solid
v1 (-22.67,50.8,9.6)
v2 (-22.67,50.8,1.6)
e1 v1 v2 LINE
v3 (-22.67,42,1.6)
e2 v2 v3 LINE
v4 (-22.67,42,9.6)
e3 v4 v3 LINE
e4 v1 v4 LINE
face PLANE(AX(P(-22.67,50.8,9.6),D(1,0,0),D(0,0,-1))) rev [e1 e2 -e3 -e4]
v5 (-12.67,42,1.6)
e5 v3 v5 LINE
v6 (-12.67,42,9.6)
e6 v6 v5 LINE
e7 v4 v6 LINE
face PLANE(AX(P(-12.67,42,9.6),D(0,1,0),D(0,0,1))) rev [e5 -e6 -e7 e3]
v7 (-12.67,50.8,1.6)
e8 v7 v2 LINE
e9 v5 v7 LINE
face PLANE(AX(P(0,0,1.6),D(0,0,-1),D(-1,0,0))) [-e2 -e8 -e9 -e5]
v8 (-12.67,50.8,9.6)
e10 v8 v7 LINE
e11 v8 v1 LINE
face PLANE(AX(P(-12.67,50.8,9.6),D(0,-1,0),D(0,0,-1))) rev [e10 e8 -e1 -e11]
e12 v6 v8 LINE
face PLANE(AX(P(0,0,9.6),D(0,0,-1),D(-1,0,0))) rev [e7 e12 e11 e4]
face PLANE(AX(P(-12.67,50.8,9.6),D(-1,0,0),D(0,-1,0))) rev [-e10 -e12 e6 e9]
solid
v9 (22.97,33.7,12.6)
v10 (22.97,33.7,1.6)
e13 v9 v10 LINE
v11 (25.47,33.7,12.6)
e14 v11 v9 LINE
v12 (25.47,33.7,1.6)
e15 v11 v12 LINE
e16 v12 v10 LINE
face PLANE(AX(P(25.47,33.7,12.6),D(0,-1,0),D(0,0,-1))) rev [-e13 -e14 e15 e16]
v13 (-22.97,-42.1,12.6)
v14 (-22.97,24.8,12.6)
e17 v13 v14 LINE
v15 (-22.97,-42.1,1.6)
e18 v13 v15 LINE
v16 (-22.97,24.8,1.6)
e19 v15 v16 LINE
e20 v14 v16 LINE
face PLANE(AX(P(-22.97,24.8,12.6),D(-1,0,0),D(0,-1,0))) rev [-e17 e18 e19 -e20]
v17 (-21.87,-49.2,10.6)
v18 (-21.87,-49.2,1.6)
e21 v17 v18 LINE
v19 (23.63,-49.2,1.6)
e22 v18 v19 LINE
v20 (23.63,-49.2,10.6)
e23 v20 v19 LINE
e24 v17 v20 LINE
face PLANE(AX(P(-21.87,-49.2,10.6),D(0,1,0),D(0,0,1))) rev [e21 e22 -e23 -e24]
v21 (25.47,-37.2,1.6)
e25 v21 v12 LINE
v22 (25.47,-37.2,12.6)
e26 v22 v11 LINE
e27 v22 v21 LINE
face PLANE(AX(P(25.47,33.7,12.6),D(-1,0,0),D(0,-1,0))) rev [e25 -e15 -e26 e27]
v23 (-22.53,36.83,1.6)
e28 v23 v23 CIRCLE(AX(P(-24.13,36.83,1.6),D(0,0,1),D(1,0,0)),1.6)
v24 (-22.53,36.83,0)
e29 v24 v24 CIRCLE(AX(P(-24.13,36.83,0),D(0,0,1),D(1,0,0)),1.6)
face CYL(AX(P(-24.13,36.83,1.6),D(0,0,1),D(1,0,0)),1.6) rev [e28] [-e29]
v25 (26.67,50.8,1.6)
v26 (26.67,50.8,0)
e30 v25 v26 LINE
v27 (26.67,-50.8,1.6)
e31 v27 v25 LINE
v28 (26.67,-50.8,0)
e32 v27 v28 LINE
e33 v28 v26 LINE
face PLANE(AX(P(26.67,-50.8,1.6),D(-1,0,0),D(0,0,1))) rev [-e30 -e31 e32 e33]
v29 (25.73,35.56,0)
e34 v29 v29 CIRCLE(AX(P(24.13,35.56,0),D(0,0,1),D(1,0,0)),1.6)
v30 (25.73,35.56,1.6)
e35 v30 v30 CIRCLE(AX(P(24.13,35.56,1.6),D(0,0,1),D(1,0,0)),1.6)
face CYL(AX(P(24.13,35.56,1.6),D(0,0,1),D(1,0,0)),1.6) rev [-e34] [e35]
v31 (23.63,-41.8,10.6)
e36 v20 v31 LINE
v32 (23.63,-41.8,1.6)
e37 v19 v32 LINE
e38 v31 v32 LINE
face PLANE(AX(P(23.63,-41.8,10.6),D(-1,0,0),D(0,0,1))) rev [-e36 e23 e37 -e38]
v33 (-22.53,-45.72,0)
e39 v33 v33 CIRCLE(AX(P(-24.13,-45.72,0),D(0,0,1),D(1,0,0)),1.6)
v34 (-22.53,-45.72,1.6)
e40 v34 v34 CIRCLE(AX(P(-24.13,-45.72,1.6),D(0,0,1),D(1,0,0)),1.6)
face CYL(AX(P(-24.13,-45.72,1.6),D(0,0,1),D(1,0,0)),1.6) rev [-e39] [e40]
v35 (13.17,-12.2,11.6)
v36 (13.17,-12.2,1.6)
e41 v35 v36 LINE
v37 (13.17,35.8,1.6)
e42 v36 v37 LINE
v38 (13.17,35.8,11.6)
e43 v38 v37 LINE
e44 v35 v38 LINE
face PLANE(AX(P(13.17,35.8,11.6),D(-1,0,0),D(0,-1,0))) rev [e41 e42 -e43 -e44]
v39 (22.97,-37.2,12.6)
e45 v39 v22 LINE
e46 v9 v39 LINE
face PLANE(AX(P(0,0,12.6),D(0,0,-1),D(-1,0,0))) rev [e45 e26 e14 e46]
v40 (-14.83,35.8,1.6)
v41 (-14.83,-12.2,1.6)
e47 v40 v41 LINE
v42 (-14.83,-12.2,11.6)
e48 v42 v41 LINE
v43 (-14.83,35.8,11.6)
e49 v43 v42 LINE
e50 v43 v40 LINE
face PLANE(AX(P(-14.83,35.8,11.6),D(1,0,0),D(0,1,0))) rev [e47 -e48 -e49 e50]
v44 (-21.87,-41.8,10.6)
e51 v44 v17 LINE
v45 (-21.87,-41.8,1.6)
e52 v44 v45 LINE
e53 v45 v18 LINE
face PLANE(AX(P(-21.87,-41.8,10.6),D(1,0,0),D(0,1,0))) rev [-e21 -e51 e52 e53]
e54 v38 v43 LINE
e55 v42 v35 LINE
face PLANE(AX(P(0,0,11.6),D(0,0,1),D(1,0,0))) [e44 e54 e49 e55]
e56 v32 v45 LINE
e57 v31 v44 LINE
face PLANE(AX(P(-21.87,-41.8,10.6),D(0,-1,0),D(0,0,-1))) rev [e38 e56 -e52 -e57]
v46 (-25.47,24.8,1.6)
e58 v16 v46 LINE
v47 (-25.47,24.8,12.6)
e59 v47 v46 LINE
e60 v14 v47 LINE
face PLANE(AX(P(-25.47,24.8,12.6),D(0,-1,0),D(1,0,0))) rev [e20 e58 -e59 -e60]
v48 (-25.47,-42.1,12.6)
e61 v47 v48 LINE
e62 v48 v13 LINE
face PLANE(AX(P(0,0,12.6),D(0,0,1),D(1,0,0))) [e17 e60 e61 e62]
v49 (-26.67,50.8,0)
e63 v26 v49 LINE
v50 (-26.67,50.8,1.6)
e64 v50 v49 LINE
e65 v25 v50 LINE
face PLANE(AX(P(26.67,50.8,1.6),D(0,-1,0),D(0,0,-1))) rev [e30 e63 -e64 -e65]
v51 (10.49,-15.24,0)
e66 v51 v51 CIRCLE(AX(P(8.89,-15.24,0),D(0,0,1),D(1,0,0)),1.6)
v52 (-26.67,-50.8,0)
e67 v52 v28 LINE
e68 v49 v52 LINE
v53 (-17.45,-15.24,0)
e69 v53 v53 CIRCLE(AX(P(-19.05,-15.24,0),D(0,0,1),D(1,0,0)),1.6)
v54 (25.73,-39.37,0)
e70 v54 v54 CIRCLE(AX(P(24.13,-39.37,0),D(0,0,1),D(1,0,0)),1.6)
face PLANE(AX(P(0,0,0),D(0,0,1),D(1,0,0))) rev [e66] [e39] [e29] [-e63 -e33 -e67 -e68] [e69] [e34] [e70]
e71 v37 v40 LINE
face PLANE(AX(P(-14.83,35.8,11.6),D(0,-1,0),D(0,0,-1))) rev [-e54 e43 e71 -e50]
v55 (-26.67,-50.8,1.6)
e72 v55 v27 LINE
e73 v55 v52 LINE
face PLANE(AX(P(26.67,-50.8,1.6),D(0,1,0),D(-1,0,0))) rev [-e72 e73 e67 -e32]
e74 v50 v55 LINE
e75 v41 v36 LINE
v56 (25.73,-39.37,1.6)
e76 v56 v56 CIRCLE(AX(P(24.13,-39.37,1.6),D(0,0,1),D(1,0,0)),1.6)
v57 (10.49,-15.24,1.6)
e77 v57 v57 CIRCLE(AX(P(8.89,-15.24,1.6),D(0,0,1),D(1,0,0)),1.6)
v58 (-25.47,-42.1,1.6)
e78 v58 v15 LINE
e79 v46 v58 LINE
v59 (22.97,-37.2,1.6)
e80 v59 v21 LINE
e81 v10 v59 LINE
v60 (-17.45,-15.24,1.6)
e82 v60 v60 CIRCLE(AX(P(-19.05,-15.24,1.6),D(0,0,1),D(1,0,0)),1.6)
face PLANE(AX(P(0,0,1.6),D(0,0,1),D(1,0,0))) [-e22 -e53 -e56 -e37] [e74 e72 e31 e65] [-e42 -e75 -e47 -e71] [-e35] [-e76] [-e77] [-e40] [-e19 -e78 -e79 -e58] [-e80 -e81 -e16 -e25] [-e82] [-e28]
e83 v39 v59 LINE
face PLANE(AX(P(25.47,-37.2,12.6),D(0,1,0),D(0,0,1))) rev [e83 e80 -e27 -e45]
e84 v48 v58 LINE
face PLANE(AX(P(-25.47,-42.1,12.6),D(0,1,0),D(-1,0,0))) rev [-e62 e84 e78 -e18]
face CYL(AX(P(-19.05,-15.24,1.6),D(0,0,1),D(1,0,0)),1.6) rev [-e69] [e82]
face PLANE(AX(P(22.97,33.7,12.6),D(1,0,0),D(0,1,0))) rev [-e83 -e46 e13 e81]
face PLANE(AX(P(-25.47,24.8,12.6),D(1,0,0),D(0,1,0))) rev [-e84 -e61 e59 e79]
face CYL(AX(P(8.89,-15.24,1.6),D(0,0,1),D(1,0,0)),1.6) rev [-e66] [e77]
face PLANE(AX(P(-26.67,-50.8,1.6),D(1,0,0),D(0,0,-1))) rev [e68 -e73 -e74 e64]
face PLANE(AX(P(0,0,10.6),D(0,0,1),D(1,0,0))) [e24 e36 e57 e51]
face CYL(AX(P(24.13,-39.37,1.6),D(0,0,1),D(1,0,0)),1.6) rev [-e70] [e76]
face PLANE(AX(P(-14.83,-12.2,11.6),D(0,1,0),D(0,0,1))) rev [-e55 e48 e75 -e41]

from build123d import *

# Parameters (mm, degrees)
SKETCH_1_W                  = 53.34
SKETCH_1_H                  = 101.6
EXTRUDE_1_DEPTH             = 1.6
SKETCH_2_W                  = 2.5
SKETCH_2_H                  = 66.9
SKETCH_2_H_2                = 70.9
EXTRUDE_2_DEPTH             = 11
SKETCH_3_W                  = 45.5
SKETCH_3_H                  = 7.4
EXTRUDE_3_DEPTH             = 9
HOLE_WIZARD_3_2_3_2_1_D     = 3.2
HOLE_WIZARD_3_2_3_2_1_DEPTH = 1.6
SKETCH_7_W                  = 28
SKETCH_7_H                  = 48
EXTRUDE_4_DEPTH             = 10
SKETCH_8_W                  = 10
SKETCH_8_H                  = 8.8
EXTRUDE_5_DEPTH             = 8


with BuildPart() as part:
    # 草圖1 → 填料-伸長1 (new body)
    with BuildSketch(Plane.XY):
        Rectangle(SKETCH_1_W, SKETCH_1_H)
    extrude(amount=EXTRUDE_1_DEPTH)

    # 草圖2 → 填料-伸長2 (add)
    with BuildSketch(Plane.XY.offset(1.6)):
        with Locations((-24.22, -8.65)):
            Rectangle(SKETCH_2_W, SKETCH_2_H)
        with Locations((24.22, -1.75)):
            Rectangle(SKETCH_2_W, SKETCH_2_H_2)
    extrude(amount=EXTRUDE_2_DEPTH)

    # 草圖3 → 填料-伸長3 (add)
    with BuildSketch(Plane.XY.offset(1.6)):
        with Locations((0.88, -45.5)):
            Rectangle(SKETCH_3_W, SKETCH_3_H)
    extrude(amount=EXTRUDE_3_DEPTH)

    # Ø3.2 (3.2) 直徑孔1
    with Locations(Plane.XY.offset(1.6)):
        with Locations((24.13, -39.37), (-24.13, -45.72), (-19.05, -15.24), (8.89, -15.24), (-24.13, 36.83), (24.13, 35.56)):
            Hole(HOLE_WIZARD_3_2_3_2_1_D / 2, depth=HOLE_WIZARD_3_2_3_2_1_DEPTH)

    # 草圖7 → 填料-伸長4 (add)
    with BuildSketch(Plane.XY.offset(1.6)):
        with Locations((-0.83, 11.8)):
            Rectangle(SKETCH_7_W, SKETCH_7_H)
    extrude(amount=EXTRUDE_4_DEPTH)


with BuildPart() as body_2:
    # 草圖8 → 填料-伸長5 (new body)
    with BuildSketch(Plane.XY.offset(1.6)):
        with Locations((-17.67, 46.4)):
            Rectangle(SKETCH_8_W, SKETCH_8_H)
    extrude(amount=EXTRUDE_5_DEPTH)


solid = Compound([part.part, body_2.part])
